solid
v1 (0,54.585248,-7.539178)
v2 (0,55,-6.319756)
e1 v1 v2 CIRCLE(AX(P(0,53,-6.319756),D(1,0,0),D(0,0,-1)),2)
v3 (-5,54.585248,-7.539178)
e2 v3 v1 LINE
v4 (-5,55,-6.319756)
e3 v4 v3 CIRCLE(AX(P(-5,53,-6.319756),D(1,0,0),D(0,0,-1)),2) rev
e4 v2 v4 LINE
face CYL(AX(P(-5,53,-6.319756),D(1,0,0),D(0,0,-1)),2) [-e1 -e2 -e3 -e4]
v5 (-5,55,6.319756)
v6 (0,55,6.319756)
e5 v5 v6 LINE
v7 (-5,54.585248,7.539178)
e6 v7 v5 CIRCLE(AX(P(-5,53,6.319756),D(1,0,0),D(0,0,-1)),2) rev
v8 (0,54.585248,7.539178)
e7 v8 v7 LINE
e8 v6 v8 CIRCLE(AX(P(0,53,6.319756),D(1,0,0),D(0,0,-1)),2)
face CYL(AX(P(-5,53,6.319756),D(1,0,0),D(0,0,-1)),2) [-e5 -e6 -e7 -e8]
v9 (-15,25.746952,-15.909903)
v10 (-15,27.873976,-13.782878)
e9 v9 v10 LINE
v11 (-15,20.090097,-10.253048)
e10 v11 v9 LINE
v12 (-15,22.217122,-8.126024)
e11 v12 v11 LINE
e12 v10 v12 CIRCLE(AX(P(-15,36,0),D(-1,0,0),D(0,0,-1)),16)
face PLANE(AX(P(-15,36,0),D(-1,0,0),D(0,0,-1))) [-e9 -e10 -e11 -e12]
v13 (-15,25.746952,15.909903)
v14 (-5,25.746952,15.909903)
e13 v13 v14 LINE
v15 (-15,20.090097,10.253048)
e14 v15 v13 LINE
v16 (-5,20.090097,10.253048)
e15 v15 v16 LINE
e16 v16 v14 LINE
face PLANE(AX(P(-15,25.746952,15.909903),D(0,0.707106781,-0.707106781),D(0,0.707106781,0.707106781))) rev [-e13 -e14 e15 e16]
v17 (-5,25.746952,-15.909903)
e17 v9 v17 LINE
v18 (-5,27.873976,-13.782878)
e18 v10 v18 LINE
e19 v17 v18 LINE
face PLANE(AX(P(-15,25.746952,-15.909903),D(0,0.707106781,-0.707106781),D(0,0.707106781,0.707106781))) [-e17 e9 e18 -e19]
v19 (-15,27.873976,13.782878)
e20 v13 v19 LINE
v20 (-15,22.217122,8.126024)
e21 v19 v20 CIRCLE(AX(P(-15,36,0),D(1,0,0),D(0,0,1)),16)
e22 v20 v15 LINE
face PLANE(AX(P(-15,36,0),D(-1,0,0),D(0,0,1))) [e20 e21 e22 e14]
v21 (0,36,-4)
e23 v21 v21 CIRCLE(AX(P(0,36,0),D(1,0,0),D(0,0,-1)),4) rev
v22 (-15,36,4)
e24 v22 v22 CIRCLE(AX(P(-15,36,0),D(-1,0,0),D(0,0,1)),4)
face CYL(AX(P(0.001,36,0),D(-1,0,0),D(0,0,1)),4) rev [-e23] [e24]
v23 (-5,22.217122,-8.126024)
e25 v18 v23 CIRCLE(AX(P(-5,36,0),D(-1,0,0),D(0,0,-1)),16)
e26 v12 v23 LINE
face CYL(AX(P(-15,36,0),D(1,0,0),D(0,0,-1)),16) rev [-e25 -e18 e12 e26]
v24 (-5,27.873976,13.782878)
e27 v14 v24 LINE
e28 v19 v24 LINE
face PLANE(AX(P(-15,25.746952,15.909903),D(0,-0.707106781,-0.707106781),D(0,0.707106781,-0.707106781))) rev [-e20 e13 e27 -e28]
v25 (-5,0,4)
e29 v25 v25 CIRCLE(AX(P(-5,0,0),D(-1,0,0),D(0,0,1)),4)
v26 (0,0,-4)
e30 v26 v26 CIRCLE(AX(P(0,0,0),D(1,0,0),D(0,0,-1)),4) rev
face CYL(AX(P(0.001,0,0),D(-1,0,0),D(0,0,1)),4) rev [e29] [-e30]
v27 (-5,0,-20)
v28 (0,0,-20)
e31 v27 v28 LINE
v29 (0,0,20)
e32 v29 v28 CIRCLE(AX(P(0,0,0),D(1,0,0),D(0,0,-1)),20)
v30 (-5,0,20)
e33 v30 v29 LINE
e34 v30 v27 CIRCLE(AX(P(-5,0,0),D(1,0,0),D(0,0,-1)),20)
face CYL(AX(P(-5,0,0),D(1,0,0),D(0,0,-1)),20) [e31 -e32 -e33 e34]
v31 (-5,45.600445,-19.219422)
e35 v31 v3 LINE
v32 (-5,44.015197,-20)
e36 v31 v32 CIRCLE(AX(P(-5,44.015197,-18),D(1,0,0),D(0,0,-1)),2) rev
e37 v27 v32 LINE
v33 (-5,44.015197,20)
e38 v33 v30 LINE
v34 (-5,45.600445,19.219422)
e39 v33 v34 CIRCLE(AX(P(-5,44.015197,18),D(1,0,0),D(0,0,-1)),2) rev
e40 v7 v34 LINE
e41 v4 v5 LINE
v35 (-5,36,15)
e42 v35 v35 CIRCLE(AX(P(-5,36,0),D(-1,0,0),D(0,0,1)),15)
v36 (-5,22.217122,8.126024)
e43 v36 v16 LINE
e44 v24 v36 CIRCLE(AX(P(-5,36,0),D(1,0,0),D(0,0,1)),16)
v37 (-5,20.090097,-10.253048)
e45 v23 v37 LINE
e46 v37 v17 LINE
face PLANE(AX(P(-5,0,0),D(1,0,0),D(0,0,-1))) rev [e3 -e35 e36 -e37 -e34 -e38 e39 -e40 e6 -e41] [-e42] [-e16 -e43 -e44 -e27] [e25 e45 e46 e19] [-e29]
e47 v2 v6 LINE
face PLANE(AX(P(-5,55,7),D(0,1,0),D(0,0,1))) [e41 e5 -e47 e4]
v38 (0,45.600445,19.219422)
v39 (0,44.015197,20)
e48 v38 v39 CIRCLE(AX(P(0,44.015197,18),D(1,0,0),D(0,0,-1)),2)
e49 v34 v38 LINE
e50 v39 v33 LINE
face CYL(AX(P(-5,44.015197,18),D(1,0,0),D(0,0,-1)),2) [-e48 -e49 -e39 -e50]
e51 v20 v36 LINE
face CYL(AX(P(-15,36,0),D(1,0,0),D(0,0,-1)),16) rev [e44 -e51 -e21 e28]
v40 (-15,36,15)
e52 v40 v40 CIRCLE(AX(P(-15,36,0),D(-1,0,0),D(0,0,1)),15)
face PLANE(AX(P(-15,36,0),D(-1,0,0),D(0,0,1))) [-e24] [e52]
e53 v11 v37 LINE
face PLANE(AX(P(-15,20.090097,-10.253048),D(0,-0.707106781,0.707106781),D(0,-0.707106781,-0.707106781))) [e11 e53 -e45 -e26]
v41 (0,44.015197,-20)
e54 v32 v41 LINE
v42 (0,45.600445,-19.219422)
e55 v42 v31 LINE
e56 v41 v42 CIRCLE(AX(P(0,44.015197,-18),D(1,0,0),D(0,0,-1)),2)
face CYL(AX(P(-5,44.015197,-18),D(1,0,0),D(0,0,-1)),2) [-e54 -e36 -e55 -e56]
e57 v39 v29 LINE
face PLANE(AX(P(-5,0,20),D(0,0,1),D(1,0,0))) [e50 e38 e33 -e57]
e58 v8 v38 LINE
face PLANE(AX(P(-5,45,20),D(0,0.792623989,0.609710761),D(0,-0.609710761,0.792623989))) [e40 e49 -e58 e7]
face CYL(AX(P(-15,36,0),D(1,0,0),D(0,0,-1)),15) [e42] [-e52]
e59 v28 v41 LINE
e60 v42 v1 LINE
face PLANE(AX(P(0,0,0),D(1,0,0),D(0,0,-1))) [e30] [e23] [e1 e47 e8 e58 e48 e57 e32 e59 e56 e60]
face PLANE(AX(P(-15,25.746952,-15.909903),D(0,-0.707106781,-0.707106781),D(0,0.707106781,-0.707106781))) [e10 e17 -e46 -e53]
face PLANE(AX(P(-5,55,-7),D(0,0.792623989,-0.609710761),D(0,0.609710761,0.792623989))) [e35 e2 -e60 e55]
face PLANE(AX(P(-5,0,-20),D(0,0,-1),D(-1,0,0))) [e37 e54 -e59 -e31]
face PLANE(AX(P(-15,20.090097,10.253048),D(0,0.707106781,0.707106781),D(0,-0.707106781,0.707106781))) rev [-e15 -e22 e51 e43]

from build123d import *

# Parameters (mm, degrees)
AUFSATZ_LINEAR_AUSTRAGEN1_DEPTH = 5
VERRUNDUNG2_R                   = 2
SKIZZE7_R                       = 15
AUFSATZ_LINEAR_AUSTRAGEN3_DEPTH = 10
AUFSATZ_LINEAR_AUSTRAGEN5_DEPTH = 10
SCHNITT_LINEAR_AUSTRAGEN2_REACH = 17
SKIZZE9_R                       = 4
SCHNITT_LINEAR_AUSTRAGEN3_REACH = 7
SKIZZE10_R                      = 4


with BuildPart() as part:
    # Skizze1 → Aufsatz-Linear austragen1 (new body)
    with BuildSketch(Plane(origin=(0, 0, 0), x_dir=(0, 0, -1), z_dir=(1, 0, 0))):
        with BuildLine():
            Line((-20, 0), (-20, 45))
            Line((-20, 45), (-7, 55))
            Line((-7, 55), (7, 55))
            Line((7, 55), (20, 45))
            Line((20, 45), (20, 0))
            ThreePointArc((20, 0), (0, -20), (-20, 0))
        make_face()
    extrude(amount=-AUFSATZ_LINEAR_AUSTRAGEN1_DEPTH)

    # Verrundung2
    verrundung2_edges = [part.edges().sort_by_distance(p)[0] for p in [
        (-2.5, 45, 20),
        (-2.5, 55, 7),
        (-2.5, 55, -7),
        (-2.5, 45, -20),
    ]]
    fillet(verrundung2_edges, radius=VERRUNDUNG2_R)

    # Skizze7 → Aufsatz-Linear austragen3 (add)
    with BuildSketch(Plane.ZY.offset(5)):
        with Locations((0, 36)):
            Circle(SKIZZE7_R)
    extrude(amount=AUFSATZ_LINEAR_AUSTRAGEN3_DEPTH)

    # Skizze8 → Aufsatz-Linear austragen5 (add)
    with BuildSketch(Plane.ZY.offset(5)):
        with BuildLine():
            Line((15.909902577, 25.746951673), (10.253048327, 20.090097423))
            Line((10.253048327, 20.090097423), (8.126024025, 22.217121725))
            ThreePointArc((8.126024025, 22.217121725), (11.313708499, 24.686291501), (13.782878275, 27.873975975))
            Line((13.782878275, 27.873975975), (15.909902577, 25.746951673))
        make_face()
    aufsatz_linear_austragen5 = extrude(amount=AUFSATZ_LINEAR_AUSTRAGEN5_DEPTH)

    # Spiegeln2: Aufsatz-Linear austragen5 across plane
    add(aufsatz_linear_austragen5.mirror(Plane.XY))

    # Skizze9 → Schnitt-Linear austragen2 (cut, up to next)
    with BuildSketch(Plane.ZY.offset(15), mode=Mode.PRIVATE) as schnitt_linear_austragen2_sk1:
        with Locations((0, 36)):
            Circle(SKIZZE9_R)
    schnitt_linear_austragen2_tool1 = extrude(schnitt_linear_austragen2_sk1.sketch, amount=-SCHNITT_LINEAR_AUSTRAGEN2_REACH, mode=Mode.PRIVATE) & part.part
    add(schnitt_linear_austragen2_tool1.solids().sort_by_distance((-15, 36, 0))[0], mode=Mode.SUBTRACT)

    # Skizze10 → Schnitt-Linear austragen3 (cut, up to next)
    with BuildSketch(Plane.ZY.offset(5), mode=Mode.PRIVATE) as schnitt_linear_austragen3_sk1:
        Circle(SKIZZE10_R)
    schnitt_linear_austragen3_tool1 = extrude(schnitt_linear_austragen3_sk1.sketch, amount=-SCHNITT_LINEAR_AUSTRAGEN3_REACH, mode=Mode.PRIVATE) & part.part
    add(schnitt_linear_austragen3_tool1.solids().sort_by_distance((-5, 0, 0))[0], mode=Mode.SUBTRACT)


solid = part.part
